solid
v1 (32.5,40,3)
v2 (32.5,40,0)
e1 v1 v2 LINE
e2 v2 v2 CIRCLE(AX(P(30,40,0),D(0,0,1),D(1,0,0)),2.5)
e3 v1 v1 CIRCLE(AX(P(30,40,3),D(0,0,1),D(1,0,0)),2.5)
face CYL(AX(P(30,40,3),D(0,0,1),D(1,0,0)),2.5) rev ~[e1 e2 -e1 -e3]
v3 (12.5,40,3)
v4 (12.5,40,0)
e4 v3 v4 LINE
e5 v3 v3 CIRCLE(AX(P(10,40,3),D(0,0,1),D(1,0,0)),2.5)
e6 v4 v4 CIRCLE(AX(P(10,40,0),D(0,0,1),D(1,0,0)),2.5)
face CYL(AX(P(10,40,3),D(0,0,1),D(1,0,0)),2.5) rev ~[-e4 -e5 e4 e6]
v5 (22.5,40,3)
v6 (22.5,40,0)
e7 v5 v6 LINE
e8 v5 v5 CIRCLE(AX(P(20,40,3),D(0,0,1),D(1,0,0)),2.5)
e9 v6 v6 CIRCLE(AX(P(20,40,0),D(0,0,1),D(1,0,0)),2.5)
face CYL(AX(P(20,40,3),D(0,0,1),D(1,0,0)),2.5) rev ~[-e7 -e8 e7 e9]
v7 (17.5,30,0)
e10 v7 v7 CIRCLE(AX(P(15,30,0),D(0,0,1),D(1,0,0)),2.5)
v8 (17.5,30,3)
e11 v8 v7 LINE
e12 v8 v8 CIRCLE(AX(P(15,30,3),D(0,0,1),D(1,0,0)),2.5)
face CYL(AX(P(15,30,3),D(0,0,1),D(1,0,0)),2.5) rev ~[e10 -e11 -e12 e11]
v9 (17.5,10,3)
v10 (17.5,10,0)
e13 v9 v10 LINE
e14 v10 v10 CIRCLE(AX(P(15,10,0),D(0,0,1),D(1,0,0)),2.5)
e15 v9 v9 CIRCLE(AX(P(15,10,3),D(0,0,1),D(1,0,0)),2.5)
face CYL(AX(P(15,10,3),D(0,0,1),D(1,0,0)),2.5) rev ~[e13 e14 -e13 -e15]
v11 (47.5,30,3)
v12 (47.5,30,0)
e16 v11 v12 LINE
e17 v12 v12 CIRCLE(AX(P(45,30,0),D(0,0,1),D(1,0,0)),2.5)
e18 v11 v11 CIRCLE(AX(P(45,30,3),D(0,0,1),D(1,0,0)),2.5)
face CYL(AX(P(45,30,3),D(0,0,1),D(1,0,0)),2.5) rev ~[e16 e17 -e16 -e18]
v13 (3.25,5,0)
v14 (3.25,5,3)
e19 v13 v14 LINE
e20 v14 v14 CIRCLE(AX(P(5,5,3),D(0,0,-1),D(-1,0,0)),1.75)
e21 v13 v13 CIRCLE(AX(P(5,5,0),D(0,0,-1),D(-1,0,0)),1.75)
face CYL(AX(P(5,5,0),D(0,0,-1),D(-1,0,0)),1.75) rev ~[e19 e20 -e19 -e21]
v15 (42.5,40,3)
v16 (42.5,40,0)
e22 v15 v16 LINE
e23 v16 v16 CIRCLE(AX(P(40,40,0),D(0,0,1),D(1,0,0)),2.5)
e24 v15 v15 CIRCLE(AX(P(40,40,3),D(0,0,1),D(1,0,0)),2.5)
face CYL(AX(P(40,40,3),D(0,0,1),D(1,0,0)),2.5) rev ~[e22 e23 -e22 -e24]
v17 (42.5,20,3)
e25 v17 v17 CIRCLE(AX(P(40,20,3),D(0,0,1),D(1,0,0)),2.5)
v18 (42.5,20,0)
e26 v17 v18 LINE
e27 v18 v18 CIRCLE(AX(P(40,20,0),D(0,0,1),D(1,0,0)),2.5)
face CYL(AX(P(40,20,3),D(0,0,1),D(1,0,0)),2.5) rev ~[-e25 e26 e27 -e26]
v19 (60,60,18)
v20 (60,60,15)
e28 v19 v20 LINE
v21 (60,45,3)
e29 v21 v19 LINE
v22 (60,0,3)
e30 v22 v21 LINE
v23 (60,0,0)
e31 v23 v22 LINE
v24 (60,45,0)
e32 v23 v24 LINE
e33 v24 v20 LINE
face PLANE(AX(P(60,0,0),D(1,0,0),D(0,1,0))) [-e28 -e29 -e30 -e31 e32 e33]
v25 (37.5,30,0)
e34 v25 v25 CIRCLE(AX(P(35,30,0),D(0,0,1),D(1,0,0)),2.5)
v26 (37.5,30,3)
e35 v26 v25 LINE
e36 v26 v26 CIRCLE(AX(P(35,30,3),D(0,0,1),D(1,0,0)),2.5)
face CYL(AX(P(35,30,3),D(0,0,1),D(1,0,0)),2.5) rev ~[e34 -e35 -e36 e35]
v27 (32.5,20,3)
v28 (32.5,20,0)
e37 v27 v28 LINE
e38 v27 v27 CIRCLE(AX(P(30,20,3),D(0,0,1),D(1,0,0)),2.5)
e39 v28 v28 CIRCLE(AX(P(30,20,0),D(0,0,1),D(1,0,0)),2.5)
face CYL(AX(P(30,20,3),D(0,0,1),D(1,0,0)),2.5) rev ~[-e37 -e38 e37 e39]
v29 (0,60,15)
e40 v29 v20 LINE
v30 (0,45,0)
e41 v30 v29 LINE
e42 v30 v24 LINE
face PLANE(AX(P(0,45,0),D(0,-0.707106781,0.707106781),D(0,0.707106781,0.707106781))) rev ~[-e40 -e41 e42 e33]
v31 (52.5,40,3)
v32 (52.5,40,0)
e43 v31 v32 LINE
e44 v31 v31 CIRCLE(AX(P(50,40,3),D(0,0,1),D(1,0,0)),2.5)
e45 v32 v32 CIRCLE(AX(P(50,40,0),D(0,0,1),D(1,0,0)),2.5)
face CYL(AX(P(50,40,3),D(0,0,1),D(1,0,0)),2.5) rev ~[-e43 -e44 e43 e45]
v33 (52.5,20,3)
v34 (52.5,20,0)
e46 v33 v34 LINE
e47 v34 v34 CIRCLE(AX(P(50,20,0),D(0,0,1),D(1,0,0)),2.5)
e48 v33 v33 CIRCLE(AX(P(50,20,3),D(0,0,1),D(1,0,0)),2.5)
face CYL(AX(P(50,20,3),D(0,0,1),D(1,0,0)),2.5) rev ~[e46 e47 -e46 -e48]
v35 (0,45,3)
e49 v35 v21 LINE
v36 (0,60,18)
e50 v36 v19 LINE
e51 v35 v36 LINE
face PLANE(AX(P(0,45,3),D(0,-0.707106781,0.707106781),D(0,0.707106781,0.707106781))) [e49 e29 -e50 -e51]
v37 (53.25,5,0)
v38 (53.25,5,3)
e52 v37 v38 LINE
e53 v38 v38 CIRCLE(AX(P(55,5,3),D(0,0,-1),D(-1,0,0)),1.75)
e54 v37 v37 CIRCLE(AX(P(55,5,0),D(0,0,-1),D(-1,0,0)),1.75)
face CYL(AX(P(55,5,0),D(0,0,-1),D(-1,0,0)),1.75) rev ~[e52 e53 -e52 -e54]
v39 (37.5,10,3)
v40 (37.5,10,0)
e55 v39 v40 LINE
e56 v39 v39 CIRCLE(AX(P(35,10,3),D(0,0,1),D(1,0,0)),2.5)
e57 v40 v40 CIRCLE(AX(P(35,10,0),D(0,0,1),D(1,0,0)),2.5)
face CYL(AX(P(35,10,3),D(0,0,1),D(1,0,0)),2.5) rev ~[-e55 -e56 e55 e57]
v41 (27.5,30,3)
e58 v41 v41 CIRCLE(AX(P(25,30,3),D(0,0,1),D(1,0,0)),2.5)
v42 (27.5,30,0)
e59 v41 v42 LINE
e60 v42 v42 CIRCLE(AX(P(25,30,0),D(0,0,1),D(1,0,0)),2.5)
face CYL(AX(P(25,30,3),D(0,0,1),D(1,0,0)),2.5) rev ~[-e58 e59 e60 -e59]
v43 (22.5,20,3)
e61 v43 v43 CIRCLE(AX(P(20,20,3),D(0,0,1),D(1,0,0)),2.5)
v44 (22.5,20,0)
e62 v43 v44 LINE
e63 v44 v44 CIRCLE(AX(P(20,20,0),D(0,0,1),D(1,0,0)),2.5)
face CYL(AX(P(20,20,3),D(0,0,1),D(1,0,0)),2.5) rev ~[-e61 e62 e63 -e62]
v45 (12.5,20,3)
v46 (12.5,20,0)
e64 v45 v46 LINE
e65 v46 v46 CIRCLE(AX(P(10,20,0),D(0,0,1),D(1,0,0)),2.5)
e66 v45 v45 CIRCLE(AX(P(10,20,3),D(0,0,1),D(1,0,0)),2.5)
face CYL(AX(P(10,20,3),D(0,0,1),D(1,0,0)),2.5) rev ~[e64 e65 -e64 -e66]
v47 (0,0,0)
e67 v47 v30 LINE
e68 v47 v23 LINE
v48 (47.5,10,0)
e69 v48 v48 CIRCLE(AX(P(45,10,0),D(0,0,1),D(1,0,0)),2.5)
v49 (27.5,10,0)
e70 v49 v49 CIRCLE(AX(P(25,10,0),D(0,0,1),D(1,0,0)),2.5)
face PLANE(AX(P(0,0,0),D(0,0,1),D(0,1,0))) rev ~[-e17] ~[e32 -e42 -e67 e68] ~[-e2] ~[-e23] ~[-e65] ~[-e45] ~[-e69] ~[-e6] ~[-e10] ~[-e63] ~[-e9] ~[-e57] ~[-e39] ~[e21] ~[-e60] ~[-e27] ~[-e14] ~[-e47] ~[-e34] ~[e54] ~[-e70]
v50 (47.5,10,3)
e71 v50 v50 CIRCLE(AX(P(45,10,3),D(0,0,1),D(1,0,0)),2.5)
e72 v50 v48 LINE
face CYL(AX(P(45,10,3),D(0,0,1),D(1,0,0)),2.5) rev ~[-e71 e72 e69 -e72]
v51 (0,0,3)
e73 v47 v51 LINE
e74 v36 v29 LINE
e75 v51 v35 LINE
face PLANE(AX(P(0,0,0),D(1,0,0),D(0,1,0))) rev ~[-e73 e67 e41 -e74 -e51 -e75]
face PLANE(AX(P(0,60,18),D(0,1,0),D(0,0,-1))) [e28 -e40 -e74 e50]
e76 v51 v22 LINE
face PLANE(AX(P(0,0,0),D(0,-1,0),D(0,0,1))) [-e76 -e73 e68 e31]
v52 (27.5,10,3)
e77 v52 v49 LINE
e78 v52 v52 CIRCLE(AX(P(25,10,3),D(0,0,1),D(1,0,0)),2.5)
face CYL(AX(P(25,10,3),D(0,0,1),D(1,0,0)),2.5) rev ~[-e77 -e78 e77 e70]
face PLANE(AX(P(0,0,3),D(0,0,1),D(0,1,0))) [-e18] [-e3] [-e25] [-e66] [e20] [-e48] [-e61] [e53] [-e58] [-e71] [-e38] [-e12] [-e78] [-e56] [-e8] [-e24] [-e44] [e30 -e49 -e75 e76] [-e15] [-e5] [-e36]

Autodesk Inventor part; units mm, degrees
ref_plane "YZ Plane" through (0, 0, 0) normal (1, 0, 0) x (0, 1, 0)
ref_plane "XZ Plane" through (0, 0, 0) normal (0, 1, 0) x (-1, 0, 0)
ref_plane "XY Plane" through (0, 0, 0) normal (0, 0, 1) x (1, 0, 0)
sketch "Sketch3" plane through (0, 0, 0) normal (1, 0, 0) x (0, 1, 0)
  line L0 (0, 0) -> (45, 0)
  line L1 (45, 0) -> (60, 15)
  line L2 (0, 0) -> (0, 3)
  line L3 (0, 3) -> (45, 3)
  line L4 (45, 3) -> (60, 18)
  line L5 (60, 18) -> (60, 15)
  dimension "d7" = 45
  dimension "d8" = 135
  dimension "d10" = 15
  dimension "d11" = 45
  dimension "d12" = 21.2132
  dimension "d13" = 3
extrude "Extrusion3" add sketch "Sketch3" along normal blind 60
sketch "Sketch4" plane through (0, 0, 0) normal (0, 0, -1) x (-1, 0, 0)
  line L0 (0, 0) -> (0, 45) projected
  line L1 (0, 45) -> (-60, 45) projected
  line L2 (-60, 0) -> (-60, 45) projected
  line L3 (0, 0) -> (-60, 0) projected
  circle A0 centre (-55, 5) radius 1.75
  circle A1 centre (-5, 5) radius 1.75
  dimension "d16" = 3.5
  dimension "d18" = 50
  dimension "d19" = 5
extrude "Extrusion4" cut sketch "Sketch4" against normal through all contours A0 | A1
sketch "Sketch5" plane through (0, 0, 3) normal (0, 0, 1) x (1, 0, 0)
  circle A0 centre (55, 5) radius 1.75 projected
  circle A1 centre (5, 5) radius 1.75 projected
  line L0 (0, 45) -> (0, 0) projected
  line L1 (0, 0) -> (60, 0) projected
  line L2 (60, 45) -> (60, 0) projected
  line L3 (0, 45) -> (60, 45) projected
  circle A2 centre (10, 40) radius 2.5
  circle A3 centre (20, 40) radius 2.5
  circle A4 centre (30, 40) radius 2.5
  circle A5 centre (40, 40) radius 2.5
  circle A6 centre (50, 40) radius 2.5
  circle A7 centre (10, 20) radius 2.5
  circle A8 centre (20, 20) radius 2.5
  circle A9 centre (30, 20) radius 2.5
  circle A10 centre (40, 20) radius 2.5
  circle A11 centre (50, 20) radius 2.5
  circle A12 centre (15, 30) radius 2.5
  circle A13 centre (25, 30) radius 2.5
  circle A14 centre (35, 30) radius 2.5
  circle A15 centre (45, 30) radius 2.5
  circle A16 centre (15, 10) radius 2.5
  circle A17 centre (25, 10) radius 2.5
  circle A18 centre (35, 10) radius 2.5
  circle A19 centre (45, 10) radius 2.5
  point P0 (0, 0)
  dimension "d22" = 5
  dimension "d25" = 10
  dimension "d28" = 20
  dimension "d32" = 5
  dimension "d33" = 10
  dimension "d35" = 10
  dimension "d38" = 10
  dimension "d41" = 20
extrude "Extrusion5" cut sketch "Sketch5" against normal through all contours A2 | A3 | A4 | A5 | A6 | A7 | A8 | A9 | A10 | A11 | A12 | A13 | A14 | A15 | A16 | A17 | A18 | A19
properties part number "rejilla.ventilador"
